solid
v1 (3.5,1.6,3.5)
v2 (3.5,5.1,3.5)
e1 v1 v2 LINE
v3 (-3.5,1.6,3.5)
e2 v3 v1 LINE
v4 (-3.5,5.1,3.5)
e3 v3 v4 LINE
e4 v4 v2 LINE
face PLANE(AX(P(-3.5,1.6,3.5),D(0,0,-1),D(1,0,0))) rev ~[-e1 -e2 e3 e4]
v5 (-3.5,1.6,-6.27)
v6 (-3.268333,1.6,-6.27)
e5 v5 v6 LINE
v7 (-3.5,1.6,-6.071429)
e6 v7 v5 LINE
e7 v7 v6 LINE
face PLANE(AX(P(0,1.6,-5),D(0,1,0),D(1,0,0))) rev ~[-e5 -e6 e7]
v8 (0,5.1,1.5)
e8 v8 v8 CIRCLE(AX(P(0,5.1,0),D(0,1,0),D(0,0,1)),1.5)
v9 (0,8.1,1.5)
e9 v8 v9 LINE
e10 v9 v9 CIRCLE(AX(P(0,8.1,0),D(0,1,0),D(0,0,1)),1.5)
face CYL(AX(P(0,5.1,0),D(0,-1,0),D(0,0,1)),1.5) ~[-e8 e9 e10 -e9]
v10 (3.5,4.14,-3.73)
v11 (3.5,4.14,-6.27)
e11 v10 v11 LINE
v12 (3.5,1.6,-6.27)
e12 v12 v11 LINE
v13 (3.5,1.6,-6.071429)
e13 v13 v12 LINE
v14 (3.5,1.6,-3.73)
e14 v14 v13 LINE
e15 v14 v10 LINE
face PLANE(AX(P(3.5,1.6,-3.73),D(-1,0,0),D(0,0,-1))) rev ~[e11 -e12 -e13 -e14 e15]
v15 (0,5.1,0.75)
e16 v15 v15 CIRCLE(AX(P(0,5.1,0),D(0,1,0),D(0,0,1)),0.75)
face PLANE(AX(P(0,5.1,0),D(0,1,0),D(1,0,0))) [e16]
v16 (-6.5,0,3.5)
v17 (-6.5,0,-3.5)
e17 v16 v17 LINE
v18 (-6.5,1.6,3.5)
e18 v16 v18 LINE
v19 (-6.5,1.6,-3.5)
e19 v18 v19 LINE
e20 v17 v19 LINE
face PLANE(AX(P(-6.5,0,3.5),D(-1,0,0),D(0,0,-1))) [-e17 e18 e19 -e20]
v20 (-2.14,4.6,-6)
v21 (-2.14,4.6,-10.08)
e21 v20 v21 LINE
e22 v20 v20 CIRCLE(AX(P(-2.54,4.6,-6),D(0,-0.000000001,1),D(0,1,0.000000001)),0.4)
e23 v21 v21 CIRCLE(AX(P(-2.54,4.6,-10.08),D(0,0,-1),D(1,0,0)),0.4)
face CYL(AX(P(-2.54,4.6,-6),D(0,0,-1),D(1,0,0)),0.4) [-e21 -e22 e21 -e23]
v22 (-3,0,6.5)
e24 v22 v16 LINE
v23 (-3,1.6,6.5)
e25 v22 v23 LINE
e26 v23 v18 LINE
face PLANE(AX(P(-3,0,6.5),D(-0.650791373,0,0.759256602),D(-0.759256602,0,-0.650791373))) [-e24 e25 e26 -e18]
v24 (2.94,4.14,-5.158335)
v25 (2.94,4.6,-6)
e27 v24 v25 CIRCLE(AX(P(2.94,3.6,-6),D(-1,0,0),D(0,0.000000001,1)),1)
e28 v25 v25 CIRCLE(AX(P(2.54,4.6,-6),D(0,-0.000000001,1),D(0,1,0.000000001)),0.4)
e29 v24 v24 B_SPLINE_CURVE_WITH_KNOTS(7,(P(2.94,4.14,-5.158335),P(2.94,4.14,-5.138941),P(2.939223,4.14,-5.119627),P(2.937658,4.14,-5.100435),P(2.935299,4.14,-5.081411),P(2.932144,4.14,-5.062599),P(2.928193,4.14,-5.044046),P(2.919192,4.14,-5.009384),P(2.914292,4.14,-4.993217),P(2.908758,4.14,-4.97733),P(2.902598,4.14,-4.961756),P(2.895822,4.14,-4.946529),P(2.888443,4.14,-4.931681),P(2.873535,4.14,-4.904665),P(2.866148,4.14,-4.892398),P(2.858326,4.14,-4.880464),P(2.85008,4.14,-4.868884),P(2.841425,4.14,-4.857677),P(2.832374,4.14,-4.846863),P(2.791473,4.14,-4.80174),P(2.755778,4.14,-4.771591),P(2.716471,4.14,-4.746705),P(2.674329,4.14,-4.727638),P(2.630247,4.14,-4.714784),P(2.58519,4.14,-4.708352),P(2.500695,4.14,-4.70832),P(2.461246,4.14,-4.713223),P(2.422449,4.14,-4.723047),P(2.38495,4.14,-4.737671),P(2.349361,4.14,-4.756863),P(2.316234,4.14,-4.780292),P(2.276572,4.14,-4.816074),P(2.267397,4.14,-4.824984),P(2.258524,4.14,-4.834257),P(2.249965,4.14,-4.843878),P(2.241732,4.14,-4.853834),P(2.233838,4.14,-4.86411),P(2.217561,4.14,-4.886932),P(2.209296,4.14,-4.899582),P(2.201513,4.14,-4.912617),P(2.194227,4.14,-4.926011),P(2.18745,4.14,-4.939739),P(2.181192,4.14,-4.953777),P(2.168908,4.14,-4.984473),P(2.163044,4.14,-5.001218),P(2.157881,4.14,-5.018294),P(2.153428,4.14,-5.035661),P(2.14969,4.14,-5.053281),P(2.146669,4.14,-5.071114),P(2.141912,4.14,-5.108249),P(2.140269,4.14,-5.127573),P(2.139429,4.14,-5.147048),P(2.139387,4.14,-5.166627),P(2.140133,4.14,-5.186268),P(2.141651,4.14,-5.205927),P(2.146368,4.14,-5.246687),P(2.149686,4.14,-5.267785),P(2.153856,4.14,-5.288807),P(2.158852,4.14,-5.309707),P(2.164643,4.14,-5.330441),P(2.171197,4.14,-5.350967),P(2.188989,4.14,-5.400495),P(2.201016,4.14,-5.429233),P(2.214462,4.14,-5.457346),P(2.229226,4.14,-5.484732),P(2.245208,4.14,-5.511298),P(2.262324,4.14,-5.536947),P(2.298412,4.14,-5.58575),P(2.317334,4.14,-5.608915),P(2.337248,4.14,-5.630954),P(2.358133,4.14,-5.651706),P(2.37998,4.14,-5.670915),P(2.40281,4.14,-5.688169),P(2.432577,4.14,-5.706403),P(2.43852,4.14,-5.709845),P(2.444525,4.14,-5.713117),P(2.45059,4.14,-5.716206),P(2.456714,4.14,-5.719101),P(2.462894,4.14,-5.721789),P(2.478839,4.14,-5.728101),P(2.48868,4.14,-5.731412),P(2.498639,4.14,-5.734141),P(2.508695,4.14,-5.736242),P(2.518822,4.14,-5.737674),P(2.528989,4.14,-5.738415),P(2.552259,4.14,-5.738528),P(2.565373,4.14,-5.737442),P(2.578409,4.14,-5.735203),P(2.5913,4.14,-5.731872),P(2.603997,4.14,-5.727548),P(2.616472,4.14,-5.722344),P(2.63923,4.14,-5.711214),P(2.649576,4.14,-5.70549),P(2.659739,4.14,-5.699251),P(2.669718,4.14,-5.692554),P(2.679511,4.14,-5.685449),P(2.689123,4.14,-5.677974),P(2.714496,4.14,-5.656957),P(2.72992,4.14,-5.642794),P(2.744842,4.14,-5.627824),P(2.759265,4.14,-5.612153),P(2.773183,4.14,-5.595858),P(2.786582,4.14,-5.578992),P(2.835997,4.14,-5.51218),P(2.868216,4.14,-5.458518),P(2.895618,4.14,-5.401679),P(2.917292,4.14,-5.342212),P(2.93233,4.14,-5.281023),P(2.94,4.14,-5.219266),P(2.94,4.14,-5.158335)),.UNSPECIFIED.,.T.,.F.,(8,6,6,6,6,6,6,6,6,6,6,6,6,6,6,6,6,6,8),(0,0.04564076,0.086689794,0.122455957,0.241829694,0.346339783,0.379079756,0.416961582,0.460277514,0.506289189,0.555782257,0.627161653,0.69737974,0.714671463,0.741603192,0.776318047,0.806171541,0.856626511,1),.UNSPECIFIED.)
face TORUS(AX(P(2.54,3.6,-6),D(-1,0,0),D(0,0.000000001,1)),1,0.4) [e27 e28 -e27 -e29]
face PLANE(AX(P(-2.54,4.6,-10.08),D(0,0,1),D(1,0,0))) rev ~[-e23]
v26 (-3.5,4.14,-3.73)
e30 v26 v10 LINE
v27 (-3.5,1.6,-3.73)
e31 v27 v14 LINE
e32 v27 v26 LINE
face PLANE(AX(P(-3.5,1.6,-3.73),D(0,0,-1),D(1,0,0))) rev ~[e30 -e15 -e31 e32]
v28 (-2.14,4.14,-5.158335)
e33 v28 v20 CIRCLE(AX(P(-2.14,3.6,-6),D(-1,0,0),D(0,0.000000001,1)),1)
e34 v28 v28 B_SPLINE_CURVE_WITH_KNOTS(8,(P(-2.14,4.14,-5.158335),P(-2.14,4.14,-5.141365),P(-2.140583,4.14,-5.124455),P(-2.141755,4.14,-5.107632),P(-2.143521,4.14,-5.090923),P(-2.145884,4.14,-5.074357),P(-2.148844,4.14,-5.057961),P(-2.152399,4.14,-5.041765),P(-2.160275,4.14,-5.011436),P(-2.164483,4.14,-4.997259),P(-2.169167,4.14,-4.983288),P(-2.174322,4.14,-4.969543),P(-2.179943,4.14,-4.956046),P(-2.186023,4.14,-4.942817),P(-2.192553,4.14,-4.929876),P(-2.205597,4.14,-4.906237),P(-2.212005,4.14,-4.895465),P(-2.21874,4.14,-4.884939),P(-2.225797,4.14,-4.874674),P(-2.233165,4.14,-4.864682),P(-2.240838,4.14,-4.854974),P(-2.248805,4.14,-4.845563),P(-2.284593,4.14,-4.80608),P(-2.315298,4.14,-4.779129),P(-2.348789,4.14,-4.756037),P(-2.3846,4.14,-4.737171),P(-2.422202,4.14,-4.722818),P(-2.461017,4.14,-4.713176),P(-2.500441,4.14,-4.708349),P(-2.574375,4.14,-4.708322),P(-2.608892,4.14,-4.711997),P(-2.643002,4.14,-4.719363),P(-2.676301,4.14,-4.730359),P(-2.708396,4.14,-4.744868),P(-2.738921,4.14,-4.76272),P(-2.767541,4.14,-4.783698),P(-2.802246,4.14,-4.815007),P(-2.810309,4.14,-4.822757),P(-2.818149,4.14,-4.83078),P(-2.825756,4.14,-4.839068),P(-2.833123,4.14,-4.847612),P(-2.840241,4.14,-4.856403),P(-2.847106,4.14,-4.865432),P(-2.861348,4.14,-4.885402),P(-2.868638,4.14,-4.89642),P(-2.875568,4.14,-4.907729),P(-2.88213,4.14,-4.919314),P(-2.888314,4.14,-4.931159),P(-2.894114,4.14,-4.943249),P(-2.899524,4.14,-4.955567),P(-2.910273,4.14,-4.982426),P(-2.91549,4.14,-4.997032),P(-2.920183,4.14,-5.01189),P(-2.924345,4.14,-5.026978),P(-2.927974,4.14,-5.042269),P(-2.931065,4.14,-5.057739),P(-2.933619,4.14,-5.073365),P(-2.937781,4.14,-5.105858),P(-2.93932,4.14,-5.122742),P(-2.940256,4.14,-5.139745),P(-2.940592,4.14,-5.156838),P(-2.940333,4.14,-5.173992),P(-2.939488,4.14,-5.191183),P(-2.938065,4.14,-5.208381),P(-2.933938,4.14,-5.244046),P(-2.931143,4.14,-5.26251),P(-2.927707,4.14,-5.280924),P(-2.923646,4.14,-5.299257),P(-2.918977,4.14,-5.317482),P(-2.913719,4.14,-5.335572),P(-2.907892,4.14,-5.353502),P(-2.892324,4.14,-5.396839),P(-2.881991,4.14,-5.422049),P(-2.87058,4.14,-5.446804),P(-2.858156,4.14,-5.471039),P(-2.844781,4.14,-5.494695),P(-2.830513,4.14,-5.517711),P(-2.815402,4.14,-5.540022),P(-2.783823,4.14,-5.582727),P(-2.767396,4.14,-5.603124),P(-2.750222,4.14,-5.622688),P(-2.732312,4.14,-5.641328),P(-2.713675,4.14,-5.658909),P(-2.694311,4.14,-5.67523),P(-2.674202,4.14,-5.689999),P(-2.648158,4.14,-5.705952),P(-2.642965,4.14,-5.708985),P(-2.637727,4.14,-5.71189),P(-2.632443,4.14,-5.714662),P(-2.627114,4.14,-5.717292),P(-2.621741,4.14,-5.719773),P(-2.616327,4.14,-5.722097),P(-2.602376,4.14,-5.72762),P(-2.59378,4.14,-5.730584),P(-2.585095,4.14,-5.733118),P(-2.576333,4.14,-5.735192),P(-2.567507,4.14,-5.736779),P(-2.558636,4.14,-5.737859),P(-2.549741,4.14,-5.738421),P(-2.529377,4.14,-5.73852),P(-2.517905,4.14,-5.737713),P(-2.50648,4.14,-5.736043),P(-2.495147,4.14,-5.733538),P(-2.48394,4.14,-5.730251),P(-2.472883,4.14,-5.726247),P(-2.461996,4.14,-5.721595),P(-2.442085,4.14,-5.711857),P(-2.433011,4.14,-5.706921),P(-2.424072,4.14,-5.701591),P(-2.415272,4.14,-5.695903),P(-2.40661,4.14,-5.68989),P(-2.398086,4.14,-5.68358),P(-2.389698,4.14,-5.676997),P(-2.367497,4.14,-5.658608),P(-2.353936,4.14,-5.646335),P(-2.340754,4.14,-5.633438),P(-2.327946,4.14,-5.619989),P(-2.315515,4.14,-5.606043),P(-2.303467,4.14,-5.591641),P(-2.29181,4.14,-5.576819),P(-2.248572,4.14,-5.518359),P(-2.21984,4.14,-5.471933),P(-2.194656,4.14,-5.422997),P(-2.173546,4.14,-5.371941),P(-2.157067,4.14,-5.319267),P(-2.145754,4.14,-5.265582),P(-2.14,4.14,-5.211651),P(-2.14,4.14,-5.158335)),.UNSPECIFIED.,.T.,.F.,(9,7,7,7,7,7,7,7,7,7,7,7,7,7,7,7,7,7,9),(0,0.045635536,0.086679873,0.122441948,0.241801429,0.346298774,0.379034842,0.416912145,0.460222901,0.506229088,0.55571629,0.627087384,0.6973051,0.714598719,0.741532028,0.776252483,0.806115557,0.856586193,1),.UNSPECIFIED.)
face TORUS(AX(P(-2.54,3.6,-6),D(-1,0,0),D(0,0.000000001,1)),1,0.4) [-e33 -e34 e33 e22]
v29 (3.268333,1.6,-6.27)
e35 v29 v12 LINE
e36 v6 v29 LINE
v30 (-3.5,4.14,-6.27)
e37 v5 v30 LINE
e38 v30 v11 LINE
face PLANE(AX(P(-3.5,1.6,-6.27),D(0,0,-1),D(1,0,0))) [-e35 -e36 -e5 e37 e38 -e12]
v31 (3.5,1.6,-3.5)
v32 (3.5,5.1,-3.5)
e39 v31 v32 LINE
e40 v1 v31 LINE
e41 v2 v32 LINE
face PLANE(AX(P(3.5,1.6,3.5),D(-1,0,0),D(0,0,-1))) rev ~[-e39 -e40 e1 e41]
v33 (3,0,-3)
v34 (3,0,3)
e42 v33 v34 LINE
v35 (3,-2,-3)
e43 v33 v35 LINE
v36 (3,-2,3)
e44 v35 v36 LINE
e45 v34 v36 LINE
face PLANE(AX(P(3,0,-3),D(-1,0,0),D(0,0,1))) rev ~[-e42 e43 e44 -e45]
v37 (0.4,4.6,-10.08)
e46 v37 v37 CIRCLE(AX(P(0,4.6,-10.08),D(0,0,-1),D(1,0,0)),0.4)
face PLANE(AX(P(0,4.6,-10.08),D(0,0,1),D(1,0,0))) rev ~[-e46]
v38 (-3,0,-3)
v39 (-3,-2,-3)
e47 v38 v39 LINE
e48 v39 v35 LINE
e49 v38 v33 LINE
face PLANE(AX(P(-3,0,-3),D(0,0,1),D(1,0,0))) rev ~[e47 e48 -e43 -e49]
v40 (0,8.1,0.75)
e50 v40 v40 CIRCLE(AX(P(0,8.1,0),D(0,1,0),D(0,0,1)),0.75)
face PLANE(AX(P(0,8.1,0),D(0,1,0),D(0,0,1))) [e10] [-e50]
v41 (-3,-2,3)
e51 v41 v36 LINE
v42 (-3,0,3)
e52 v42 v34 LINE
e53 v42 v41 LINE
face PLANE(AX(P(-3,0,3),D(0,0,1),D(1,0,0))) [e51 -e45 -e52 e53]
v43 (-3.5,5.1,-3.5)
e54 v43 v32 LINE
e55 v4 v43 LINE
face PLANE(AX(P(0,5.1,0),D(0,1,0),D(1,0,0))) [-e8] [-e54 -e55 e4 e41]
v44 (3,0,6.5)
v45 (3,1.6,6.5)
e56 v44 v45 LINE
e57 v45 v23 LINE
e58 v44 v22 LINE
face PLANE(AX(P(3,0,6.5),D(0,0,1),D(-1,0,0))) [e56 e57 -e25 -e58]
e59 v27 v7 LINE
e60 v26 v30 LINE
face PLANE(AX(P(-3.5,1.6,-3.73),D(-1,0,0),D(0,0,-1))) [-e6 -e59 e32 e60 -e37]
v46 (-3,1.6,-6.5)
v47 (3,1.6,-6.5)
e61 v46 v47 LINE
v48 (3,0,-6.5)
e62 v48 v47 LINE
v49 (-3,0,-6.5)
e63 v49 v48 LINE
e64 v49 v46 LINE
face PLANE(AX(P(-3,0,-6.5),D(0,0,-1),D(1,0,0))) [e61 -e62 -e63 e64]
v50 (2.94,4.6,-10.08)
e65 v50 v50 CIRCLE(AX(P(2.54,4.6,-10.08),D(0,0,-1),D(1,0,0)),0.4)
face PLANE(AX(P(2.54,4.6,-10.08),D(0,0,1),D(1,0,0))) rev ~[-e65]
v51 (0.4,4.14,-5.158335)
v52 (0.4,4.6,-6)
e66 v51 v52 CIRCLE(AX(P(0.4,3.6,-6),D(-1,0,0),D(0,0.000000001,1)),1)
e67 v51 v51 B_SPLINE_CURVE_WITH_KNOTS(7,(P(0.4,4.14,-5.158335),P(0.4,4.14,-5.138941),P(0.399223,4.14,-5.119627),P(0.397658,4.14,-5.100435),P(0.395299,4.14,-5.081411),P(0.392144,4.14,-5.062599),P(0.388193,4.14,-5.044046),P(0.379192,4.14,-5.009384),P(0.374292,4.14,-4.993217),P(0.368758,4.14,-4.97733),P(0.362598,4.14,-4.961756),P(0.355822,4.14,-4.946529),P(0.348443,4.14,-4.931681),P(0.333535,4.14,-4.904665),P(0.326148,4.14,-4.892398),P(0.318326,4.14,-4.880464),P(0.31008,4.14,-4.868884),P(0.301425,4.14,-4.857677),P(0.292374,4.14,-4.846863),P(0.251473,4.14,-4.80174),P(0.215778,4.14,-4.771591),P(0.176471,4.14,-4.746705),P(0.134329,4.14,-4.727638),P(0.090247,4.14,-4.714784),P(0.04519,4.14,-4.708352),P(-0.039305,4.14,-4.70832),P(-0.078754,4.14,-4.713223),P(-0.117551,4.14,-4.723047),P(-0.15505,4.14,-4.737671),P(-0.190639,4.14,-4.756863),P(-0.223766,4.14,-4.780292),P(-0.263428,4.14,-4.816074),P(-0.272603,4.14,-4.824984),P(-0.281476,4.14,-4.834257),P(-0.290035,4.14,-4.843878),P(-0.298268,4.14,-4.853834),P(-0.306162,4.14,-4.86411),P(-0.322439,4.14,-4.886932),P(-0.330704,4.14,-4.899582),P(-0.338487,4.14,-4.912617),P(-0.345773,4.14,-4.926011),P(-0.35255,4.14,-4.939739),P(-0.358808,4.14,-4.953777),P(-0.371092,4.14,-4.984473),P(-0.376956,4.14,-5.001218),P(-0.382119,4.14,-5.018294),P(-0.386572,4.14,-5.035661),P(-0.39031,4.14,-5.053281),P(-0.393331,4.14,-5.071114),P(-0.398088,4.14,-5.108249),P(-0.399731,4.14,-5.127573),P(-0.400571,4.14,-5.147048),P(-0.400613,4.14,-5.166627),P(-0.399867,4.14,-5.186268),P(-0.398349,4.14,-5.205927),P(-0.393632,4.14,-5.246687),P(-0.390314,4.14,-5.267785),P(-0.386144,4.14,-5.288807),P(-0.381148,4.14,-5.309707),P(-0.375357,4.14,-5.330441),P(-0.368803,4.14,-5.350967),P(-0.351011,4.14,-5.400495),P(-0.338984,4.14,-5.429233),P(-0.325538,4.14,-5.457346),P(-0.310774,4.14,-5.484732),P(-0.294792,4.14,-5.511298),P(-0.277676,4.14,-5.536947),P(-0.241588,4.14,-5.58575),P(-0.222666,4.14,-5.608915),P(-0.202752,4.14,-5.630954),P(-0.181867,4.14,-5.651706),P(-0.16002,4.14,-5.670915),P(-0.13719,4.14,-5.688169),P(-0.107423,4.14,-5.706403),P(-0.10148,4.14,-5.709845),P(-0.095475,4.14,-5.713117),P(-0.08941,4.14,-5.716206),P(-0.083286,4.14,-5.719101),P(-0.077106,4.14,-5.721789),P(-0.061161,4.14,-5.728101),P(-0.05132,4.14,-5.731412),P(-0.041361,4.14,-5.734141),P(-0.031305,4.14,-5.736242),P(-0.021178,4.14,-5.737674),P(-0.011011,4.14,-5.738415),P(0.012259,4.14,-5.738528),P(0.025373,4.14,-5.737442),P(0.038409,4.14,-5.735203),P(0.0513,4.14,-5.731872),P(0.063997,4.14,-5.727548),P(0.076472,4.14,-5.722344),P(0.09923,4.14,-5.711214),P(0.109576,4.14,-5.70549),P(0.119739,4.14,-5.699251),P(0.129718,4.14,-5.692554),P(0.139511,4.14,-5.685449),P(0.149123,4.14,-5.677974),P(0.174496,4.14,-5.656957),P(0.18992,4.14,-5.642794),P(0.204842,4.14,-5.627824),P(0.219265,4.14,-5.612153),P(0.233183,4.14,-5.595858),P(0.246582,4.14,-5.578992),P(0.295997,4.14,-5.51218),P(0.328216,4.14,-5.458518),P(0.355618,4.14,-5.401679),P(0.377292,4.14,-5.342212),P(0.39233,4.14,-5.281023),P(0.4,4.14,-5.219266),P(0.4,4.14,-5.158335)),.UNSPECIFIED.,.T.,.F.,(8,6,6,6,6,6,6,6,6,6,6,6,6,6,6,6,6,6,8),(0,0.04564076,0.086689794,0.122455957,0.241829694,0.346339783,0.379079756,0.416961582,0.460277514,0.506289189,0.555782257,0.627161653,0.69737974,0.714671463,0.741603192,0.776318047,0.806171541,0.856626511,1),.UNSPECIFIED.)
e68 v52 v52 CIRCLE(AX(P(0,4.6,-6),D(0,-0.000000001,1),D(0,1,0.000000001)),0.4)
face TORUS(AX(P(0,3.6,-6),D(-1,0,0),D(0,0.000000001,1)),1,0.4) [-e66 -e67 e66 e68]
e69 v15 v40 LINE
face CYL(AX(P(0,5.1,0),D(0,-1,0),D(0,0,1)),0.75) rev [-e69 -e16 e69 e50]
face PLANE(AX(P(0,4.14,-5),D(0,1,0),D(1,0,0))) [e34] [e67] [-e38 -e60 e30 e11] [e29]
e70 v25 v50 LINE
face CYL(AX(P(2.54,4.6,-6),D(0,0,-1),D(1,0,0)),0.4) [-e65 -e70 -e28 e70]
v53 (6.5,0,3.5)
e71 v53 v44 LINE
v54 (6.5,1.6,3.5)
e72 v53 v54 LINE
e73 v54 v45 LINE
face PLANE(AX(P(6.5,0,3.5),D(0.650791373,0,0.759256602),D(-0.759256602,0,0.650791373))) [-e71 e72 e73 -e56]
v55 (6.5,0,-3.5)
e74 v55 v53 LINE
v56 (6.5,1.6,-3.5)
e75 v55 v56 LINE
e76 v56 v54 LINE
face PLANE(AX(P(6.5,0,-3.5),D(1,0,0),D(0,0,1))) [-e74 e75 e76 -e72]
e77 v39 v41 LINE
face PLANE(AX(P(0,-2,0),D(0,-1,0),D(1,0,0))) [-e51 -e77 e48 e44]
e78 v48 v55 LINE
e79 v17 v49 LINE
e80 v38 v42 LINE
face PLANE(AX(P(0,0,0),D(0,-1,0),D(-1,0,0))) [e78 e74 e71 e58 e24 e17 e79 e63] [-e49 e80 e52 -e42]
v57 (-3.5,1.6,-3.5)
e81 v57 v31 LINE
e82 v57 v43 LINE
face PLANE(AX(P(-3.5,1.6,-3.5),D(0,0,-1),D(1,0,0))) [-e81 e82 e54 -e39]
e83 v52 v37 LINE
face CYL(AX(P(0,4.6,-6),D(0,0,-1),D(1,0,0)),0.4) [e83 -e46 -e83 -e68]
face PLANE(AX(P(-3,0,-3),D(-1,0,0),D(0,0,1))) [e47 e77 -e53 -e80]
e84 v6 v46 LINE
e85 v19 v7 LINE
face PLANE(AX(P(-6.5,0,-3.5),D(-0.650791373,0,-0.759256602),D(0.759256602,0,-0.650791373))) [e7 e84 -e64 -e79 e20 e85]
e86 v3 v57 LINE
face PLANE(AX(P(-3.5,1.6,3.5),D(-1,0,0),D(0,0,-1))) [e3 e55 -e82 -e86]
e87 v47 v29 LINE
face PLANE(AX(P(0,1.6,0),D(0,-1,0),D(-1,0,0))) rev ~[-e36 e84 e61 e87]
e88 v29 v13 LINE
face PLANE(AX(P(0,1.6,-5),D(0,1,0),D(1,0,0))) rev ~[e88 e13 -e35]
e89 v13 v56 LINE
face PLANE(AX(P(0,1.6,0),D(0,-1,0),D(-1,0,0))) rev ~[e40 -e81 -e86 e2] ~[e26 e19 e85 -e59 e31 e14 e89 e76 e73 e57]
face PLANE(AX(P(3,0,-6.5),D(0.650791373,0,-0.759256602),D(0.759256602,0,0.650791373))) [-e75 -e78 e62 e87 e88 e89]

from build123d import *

# Parameters (mm, degrees)
EXTRUDE_362_DEPTH          = 1.6
SKETCH_2_W                 = 7
SKETCH_2_H                 = 7
EXTRUDE_2_DEPTH            = 3.5
SKETCH_3_R                 = 1.5
SKETCH_3_R_2               = 0.75
EXTRUDE_3_DEPTH            = 3
SKETCH_6_W                 = 6
SKETCH_6_H                 = 6
EXTRUDE_6_DEPTH            = 2
SKETCH_4_R                 = 0.4
PATTERN_LINEAR_1_COUNT     = 2
PATTERN_LINEAR_1_PITCH     = 2.54
PATTERN_LINEAR_1_COL_COUNT = 2
PATTERN_LINEAR_1_COL_PITCH = 2.54
SKETCH_8_W                 = 7
SKETCH_8_H                 = 2.54
EXTRUDE_7_DEPTH            = 2.54


with BuildPart() as part:
    # Эскиз1 → Extrude 362 (new body)
    with BuildSketch(Plane(origin=(0, 0, 0), x_dir=(1, 0, 0), z_dir=(0, 1, 0))):
        Polygon((-3, 6.5), (3, 6.5), (6.5, 3.5), (6.5, -3.5), (3, -6.5), (-3, -6.5), (-6.5, -3.5), (-6.5, 3.5), align=None)
    extrude(amount=EXTRUDE_362_DEPTH)

    # Эскиз2 → Бобышка-Вытянуть2 (add)
    with BuildSketch(Plane(origin=(0, 1.6, 0), x_dir=(1, 0, 0), z_dir=(0, 1, 0))):
        Rectangle(SKETCH_2_W, SKETCH_2_H)
    extrude(amount=EXTRUDE_2_DEPTH)

    # Эскиз3 → Бобышка-Вытянуть3 (add)
    with BuildSketch(Plane(origin=(0, 5.1, 0), x_dir=(1, 0, 0), z_dir=(0, 1, 0))):
        with Locations(Location((0, 0, 0), (0, 0, 270))):
            Circle(SKETCH_3_R)
        with Locations(Location((0, 0, 0), (0, 0, 270))):
            Circle(SKETCH_3_R_2, mode=Mode.SUBTRACT)
    extrude(amount=EXTRUDE_3_DEPTH)

    # Эскиз6 → Бобышка-Вытянуть6 (add)
    with BuildSketch(Plane.XZ):
        Rectangle(SKETCH_6_W, SKETCH_6_H)
    extrude(amount=EXTRUDE_6_DEPTH)

    # По траектории1: sweep along a path in Эскиз7
    with BuildLine(Plane(origin=(0, 0, 0), x_dir=(0, 0, -1), z_dir=(1, 0, 0))) as sweep_1_path:
        Line((5, 1.6), (5, 3.6))
        ThreePointArc((5, 3.6), (5.292893219, 4.307106781), (6, 4.6))
        Line((6, 4.6), (10.08, 4.6))
    # Эскиз4 → По траектории1 (sweep)
    with BuildSketch(Plane.XZ.offset(-1.6)):
        with Locations((0, -5)):
            Circle(SKETCH_4_R)
    sweep_1 = sweep(path=sweep_1_path.line)

    # Линейный массив1: По траектории1 ×2
    with Locations(*[(i * PATTERN_LINEAR_1_PITCH, 0, 0) for i in range(1, PATTERN_LINEAR_1_COUNT)]):
        add(sweep_1)

    # Линейный массив1 col: По траектории1 ×2
    with Locations(*[(-i * PATTERN_LINEAR_1_COL_PITCH, 0, 0) for i in range(1, PATTERN_LINEAR_1_COL_COUNT)]):
        add(sweep_1)

    # Эскиз8 → Бобышка-Вытянуть7 (add)
    with BuildSketch(Plane(origin=(0, 1.6, 0), x_dir=(1, 0, 0), z_dir=(0, 1, 0))):
        with Locations((0, 5)):
            Rectangle(SKETCH_8_W, SKETCH_8_H)
    extrude(amount=EXTRUDE_7_DEPTH)


solid = part.part
